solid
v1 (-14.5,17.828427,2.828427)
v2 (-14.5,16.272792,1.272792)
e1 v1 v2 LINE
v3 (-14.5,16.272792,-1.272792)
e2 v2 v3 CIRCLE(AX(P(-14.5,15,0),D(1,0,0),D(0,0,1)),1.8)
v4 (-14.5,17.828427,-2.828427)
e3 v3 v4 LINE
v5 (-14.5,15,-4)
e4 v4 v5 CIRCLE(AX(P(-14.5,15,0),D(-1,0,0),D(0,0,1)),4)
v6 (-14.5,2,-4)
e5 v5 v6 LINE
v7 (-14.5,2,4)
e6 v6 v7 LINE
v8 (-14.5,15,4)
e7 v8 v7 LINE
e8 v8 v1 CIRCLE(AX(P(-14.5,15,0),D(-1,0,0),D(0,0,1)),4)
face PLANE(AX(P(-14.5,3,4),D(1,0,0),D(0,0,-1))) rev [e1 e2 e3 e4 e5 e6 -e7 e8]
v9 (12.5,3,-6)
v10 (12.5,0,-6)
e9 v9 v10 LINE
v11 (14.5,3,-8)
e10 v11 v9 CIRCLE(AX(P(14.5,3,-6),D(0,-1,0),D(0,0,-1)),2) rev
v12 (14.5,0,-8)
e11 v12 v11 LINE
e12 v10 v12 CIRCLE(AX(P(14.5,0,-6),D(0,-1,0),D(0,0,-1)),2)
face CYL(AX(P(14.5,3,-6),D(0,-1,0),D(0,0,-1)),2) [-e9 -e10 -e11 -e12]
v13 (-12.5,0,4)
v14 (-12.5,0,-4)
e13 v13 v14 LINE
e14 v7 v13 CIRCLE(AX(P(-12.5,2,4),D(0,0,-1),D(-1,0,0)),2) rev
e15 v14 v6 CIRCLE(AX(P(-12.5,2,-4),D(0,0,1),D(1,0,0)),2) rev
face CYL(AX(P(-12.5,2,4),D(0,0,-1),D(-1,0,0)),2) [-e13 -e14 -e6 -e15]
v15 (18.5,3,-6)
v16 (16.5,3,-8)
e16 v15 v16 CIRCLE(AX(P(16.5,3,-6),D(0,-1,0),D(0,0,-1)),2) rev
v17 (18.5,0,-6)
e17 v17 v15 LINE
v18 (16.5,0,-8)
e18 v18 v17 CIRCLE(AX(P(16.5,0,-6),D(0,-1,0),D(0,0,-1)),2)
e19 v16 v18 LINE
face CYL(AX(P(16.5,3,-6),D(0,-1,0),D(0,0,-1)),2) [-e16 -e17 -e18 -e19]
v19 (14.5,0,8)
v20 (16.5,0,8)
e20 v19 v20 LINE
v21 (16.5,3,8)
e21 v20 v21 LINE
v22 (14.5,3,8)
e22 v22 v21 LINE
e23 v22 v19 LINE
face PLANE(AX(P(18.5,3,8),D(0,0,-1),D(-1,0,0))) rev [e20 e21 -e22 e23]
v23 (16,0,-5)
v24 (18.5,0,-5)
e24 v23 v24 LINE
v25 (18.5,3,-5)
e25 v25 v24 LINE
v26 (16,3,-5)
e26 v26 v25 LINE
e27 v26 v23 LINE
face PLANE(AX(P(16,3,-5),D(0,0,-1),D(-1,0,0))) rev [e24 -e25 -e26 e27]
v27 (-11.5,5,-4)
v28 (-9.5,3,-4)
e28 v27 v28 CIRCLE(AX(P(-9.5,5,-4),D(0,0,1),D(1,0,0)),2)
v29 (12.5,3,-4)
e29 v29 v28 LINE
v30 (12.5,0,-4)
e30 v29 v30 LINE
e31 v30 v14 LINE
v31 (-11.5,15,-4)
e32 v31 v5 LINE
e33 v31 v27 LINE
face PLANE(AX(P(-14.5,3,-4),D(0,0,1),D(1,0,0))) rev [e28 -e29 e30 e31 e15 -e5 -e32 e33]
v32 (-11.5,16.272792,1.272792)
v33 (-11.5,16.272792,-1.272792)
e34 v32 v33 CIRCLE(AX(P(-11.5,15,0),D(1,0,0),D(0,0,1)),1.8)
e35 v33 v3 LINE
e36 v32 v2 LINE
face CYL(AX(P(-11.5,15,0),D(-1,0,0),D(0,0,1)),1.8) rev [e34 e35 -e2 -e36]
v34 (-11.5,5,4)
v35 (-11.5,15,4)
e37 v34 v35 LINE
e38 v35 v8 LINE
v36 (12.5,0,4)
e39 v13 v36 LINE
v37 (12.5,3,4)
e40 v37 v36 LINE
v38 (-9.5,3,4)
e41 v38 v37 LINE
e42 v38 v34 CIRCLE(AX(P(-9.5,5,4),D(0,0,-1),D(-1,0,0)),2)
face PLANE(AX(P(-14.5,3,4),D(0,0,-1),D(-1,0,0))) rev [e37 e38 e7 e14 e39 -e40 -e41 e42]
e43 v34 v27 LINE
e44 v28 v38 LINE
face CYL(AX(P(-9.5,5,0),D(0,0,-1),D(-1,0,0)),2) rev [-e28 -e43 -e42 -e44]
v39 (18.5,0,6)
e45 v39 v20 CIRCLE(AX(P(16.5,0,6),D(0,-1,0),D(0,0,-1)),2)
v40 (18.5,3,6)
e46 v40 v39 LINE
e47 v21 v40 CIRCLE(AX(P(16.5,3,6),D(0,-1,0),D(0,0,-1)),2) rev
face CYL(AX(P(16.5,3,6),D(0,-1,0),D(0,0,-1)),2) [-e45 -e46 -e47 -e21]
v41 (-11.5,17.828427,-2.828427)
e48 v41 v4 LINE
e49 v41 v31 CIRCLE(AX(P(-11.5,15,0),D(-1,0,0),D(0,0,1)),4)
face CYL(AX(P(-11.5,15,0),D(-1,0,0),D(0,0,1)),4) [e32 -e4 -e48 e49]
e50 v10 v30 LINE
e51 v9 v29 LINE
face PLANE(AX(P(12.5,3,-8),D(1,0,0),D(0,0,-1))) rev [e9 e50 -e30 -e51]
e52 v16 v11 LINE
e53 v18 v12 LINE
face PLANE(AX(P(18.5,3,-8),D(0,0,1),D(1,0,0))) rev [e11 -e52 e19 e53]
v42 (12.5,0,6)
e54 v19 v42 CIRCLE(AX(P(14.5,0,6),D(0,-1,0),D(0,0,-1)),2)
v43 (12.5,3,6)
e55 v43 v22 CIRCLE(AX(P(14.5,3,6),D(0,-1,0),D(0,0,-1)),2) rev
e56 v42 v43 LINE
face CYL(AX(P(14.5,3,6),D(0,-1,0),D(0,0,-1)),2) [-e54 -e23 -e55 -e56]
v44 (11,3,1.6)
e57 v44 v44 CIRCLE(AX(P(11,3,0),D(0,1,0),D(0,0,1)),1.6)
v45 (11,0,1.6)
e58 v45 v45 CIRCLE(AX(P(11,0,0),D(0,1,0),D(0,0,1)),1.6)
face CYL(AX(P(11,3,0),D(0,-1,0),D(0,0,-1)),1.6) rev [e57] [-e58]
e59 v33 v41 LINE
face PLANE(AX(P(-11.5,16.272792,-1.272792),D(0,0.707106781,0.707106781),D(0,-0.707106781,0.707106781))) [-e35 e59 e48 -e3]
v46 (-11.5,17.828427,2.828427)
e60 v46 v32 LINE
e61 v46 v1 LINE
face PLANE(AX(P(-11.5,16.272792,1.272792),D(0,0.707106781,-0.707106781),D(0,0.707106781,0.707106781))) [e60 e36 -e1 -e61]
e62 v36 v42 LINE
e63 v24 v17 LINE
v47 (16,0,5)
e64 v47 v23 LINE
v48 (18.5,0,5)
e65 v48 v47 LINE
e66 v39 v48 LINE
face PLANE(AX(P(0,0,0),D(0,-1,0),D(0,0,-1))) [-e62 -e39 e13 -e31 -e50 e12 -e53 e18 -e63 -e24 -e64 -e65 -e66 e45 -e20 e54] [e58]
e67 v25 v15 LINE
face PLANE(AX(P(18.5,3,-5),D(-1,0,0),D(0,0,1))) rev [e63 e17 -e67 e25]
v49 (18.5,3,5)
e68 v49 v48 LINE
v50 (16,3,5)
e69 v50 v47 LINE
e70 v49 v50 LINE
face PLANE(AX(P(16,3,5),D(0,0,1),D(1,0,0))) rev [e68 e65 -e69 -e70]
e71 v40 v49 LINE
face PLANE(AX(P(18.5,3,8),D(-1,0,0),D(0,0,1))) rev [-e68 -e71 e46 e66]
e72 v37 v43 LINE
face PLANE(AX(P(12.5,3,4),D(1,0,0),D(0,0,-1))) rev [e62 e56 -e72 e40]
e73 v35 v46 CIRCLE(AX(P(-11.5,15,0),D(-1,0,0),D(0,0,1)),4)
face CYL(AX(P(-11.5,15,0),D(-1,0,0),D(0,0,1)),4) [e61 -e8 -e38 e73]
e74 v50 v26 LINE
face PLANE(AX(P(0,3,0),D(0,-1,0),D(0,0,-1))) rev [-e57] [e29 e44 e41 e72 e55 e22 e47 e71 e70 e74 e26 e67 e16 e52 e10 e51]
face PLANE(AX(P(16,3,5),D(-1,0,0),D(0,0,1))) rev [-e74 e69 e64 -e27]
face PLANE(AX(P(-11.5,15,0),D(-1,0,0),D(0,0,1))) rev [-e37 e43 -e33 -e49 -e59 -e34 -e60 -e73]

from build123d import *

# Parameters (mm, degrees)
SKETCH_1_R      = 1.6
EXTRUDE_1_DEPTH = 3
EXTRUDE_2_DEPTH = 3
FILLET_1_R      = 2
FILLET_2_R      = 2


with BuildPart() as part:
    # 草图1 → 凸台-拉伸1 (new body)
    with BuildSketch(Plane(origin=(0, 0, 0), x_dir=(1, 0, 0), z_dir=(0, 1, 0))):
        Polygon((-14.5, -4), (-14.5, 4), (12.5, 4), (12.5, 8), (18.5, 8), (18.5, 5), (16, 5), (16, -5), (18.5, -5), (18.5, -8), (12.5, -8), (12.5, -4), align=None)
        with Locations(Location((11, 0, 0), (0, 0, 270))):
            Circle(SKETCH_1_R, mode=Mode.SUBTRACT)
    extrude(amount=EXTRUDE_1_DEPTH)

    # 草图3 → 凸台-拉伸2 (add)
    with BuildSketch(Plane.ZY.offset(14.5)):
        with BuildLine():
            Line((-4, 15), (-4, 3))
            Line((-4, 3), (4, 3))
            Line((4, 3), (4, 15))
            ThreePointArc((4, 15), (3.69551813, 16.530733729), (2.828427125, 17.828427125))
            Line((2.828427125, 17.828427125), (1.272792206, 16.272792206))
            ThreePointArc((1.272792206, 16.272792206), (0, 13.2), (-1.272792206, 16.272792206))
            Line((-1.272792206, 16.272792206), (-2.828427125, 17.828427125))
            ThreePointArc((-2.828427125, 17.828427125), (-3.69551813, 16.530733729), (-4, 15))
        make_face()
    extrude(amount=-EXTRUDE_2_DEPTH)

    # 圆角1
    fillet_1_edges = [part.edges().sort_by_distance(p)[0] for p in [
        (12.5, 1.5, -8),
        (18.5, 1.5, -8),
        (18.5, 1.5, 8),
        (12.5, 1.5, 8),
    ]]
    fillet(fillet_1_edges, radius=FILLET_1_R)

    # 圆角2
    fillet_2_edges = [part.edges().sort_by_distance(p)[0] for p in [
        (-14.5, 0, 0),
        (-11.5, 3, 0),
    ]]
    fillet(fillet_2_edges, radius=FILLET_2_R)


solid = part.part
